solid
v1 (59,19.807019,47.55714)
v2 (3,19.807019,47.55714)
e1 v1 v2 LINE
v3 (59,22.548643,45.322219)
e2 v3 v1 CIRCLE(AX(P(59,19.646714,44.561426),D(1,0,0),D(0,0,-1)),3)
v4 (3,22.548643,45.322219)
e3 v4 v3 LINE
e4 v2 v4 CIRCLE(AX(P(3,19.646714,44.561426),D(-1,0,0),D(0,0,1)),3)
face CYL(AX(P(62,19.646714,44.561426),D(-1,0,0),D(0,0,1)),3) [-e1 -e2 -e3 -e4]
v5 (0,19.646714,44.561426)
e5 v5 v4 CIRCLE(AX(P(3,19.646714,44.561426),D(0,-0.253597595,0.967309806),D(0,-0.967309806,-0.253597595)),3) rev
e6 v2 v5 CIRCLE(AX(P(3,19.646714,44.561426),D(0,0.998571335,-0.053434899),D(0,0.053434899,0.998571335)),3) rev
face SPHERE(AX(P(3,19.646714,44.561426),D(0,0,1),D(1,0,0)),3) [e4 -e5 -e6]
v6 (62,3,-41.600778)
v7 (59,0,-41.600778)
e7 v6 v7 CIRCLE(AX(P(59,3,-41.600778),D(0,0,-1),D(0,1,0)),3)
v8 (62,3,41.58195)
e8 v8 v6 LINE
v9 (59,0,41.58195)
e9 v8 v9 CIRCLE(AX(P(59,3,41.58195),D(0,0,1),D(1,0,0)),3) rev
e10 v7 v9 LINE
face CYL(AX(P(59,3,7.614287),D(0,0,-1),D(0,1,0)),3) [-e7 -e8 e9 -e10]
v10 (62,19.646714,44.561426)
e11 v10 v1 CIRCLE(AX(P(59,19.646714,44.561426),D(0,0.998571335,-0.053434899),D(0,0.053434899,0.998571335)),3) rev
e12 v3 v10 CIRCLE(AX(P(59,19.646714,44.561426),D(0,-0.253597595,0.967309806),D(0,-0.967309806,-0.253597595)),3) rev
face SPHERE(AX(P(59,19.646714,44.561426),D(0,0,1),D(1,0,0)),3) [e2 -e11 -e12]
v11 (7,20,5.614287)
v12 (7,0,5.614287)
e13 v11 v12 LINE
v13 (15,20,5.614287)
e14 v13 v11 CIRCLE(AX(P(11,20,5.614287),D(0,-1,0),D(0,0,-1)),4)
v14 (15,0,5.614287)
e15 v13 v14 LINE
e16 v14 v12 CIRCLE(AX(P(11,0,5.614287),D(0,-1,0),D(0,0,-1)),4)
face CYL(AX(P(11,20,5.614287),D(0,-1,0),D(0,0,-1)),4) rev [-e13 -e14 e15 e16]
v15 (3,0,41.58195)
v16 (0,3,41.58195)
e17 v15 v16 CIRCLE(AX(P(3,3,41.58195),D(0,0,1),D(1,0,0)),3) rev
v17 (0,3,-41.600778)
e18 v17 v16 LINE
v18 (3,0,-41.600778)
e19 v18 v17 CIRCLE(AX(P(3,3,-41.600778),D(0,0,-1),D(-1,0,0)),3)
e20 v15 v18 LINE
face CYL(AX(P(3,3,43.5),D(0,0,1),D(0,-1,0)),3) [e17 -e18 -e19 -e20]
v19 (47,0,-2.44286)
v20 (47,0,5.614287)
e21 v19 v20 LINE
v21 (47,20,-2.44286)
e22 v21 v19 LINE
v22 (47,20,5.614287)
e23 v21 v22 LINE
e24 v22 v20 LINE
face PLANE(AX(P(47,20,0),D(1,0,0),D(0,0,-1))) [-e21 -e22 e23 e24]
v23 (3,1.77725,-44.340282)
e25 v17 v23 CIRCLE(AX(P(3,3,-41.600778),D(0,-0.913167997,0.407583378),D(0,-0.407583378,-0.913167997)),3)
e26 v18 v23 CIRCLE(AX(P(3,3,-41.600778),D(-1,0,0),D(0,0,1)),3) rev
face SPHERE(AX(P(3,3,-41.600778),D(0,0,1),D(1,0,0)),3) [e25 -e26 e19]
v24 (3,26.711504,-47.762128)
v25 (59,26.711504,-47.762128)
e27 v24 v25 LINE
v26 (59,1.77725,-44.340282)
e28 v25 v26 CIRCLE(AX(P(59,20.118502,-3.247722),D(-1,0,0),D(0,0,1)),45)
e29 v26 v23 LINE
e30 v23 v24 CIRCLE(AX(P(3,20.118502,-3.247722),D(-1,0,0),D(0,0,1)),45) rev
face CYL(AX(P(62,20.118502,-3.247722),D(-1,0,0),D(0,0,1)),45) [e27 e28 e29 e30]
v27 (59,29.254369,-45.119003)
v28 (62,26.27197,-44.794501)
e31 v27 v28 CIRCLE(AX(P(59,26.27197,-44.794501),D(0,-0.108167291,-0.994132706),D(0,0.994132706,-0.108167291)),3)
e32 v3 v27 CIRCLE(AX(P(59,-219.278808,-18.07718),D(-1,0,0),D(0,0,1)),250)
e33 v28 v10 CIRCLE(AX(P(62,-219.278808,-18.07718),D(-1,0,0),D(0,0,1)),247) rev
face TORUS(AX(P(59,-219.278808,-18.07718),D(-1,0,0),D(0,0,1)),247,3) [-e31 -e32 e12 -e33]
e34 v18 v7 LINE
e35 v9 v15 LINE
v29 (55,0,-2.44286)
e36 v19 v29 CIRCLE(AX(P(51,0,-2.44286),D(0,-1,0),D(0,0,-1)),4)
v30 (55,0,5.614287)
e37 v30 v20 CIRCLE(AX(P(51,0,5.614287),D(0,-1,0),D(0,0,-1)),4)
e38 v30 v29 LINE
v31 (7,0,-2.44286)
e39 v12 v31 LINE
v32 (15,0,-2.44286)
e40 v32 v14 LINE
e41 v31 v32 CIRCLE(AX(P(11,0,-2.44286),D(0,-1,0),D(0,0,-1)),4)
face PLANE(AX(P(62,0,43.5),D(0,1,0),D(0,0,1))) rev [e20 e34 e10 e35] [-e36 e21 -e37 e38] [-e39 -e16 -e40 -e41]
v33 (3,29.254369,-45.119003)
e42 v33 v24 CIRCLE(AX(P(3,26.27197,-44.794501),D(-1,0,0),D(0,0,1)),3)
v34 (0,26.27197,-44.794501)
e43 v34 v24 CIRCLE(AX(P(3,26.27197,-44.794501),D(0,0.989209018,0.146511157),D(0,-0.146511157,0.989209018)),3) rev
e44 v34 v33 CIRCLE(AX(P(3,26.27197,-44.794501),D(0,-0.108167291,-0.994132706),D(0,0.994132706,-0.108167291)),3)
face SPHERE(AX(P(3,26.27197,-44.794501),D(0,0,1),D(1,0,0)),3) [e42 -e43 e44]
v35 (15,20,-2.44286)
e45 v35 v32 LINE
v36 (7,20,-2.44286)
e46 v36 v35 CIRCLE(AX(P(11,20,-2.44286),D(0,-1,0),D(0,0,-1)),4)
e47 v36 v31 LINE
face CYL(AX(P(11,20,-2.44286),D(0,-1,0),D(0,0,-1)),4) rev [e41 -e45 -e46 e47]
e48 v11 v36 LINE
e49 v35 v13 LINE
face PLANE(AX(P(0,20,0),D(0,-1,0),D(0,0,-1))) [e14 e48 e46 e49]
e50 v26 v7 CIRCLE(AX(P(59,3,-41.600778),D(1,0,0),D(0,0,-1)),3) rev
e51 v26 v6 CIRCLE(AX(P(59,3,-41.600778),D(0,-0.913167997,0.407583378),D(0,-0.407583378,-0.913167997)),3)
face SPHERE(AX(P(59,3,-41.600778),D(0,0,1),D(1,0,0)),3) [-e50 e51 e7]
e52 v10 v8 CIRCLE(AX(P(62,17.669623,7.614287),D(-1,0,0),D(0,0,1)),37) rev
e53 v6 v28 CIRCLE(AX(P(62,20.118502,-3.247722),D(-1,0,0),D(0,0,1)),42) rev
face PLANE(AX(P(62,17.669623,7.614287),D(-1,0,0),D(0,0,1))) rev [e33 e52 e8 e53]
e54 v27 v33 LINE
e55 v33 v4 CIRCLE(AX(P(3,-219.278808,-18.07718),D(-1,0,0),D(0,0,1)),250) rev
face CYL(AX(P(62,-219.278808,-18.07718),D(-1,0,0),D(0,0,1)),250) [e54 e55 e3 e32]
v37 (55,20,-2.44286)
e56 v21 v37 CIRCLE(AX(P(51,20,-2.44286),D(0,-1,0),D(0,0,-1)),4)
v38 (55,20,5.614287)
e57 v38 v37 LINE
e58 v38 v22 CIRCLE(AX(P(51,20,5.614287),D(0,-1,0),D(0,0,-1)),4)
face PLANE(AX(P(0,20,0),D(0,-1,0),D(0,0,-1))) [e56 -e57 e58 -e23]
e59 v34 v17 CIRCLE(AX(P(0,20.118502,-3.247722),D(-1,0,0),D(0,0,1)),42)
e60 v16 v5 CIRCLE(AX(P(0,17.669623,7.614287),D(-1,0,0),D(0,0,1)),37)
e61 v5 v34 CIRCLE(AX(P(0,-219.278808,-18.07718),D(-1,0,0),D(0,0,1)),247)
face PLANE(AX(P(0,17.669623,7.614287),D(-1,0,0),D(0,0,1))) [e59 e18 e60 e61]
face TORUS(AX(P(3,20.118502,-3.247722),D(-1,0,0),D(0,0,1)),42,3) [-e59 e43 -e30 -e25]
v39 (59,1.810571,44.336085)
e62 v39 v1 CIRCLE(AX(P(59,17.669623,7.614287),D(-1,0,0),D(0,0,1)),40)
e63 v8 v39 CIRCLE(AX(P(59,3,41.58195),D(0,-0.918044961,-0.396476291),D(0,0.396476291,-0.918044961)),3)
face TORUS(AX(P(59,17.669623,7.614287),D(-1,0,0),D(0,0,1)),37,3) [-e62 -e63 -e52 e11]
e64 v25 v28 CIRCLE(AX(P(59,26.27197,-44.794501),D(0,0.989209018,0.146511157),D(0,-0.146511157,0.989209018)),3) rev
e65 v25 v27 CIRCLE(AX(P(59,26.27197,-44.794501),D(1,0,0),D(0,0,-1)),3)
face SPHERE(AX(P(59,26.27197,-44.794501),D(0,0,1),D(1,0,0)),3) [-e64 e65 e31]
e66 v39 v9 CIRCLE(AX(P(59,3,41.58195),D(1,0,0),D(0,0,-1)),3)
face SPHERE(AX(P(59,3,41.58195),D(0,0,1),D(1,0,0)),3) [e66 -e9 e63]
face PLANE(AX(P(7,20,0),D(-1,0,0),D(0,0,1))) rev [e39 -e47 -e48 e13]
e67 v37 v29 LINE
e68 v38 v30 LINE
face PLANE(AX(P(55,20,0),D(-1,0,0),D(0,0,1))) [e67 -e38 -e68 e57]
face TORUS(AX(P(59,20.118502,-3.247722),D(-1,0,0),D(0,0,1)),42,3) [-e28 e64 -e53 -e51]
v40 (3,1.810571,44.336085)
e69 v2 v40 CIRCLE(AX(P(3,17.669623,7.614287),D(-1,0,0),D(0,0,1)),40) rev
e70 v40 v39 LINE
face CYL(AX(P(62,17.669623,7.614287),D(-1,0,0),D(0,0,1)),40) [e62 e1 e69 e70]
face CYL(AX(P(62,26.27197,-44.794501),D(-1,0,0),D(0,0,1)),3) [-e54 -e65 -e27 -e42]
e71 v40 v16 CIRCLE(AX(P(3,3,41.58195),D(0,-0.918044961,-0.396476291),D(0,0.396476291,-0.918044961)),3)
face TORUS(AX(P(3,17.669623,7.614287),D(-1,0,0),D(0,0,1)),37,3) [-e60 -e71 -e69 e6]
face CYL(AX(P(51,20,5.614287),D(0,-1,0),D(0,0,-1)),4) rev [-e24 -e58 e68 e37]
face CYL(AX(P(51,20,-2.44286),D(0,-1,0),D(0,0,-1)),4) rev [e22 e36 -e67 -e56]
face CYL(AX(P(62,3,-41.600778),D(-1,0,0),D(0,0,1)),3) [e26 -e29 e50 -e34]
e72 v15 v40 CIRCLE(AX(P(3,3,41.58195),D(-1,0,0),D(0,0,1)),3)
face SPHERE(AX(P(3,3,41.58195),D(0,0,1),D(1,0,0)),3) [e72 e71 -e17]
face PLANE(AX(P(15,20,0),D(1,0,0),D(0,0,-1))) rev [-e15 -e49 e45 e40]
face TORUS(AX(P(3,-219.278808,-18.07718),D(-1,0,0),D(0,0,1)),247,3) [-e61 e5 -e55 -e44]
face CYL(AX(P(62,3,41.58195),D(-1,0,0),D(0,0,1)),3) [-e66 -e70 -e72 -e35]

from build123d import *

# Parameters (mm, degrees)
BOSS_EXTRUDE1_DEPTH = 62
FILLET1_R           = 3
SKETCH2_R           = 4
CUT_EXTRUDE1_DEPTH  = 20


with BuildPart() as part:
    # Sketch1 → Boss-Extrude1 (new body)
    with BuildSketch(Plane(origin=(0, 0, 0), x_dir=(0, 0, -1), z_dir=(1, 0, 0))):
        with BuildLine():
            Line((-43.5, 0), (43.5, 0))
            ThreePointArc((43.5, 0), (47.853804482, 14.177339776), (47.362560683, 29))
            ThreePointArc((47.362560683, 29), (-0.343872677, 30.041597997), (-47.379193576, 22))
            ThreePointArc((-47.379193576, 22), (-47.006596643, 10.723695647), (-43.5, 0))
        make_face()
    extrude(amount=BOSS_EXTRUDE1_DEPTH)

    # Fillet1
    fillet1_edges = [part.edges().sort_by_distance(p)[0] for p in [
        (62, 14.177339776, -47.853804482),
        (62, 30.041597997, 0.343872677),
        (62, 10.723695647, 47.006596643),
        (0, 30.041597997, 0.343872677),
        (0, 14.177339776, -47.853804482),
        (0, 0, 0),
        (0, 10.723695647, 47.006596643),
        (62, 0, 0),
        (31, 22, 47.379193576),
        (31, 29, -47.362560683),
        (31, 0, -43.5),
        (31, 0, 43.5),
    ]]
    fillet(fillet1_edges, radius=FILLET1_R)

    # Sketch2 → Cut-Extrude1 (cut)
    with BuildSketch(Plane.XZ):
        with Locations((11, 5.614286523)):
            Circle(SKETCH2_R)
        with BuildLine():
            ThreePointArc((15, 5.614286523), (11, 1.614286523), (7, 5.614286523))
            Line((7, 5.614286523), (7, -2.442860068))
            ThreePointArc((7, -2.442860068), (11, 1.557139932), (15, -2.442860068))
            Line((15, -2.442860068), (15, 5.614286523))
        make_face()
        with BuildLine():
            ThreePointArc((15, -2.442860068), (11, 1.557139932), (7, -2.442860068))
            Line((7, -2.442860068), (15, -2.442860068))
        make_face()
        with BuildLine():
            Line((15, -2.442860068), (7, -2.442860068))
            ThreePointArc((7, -2.442860068), (11, -6.442860068), (15, -2.442860068))
        make_face()
        with Locations((51, -2.442860068)):
            Circle(SKETCH2_R)
        with BuildLine():
            Line((47, 5.614286523), (47, -2.442860068))
            ThreePointArc((47, -2.442860068), (51, 1.557139932), (55, -2.442860068))
            Line((55, -2.442860068), (55, 5.614286523))
            ThreePointArc((55, 5.614286523), (51, 1.614286523), (47, 5.614286523))
        make_face()
        with Locations((51, 5.614286523)):
            Circle(SKETCH2_R)
    extrude(amount=-CUT_EXTRUDE1_DEPTH, mode=Mode.SUBTRACT)


solid = part.part
